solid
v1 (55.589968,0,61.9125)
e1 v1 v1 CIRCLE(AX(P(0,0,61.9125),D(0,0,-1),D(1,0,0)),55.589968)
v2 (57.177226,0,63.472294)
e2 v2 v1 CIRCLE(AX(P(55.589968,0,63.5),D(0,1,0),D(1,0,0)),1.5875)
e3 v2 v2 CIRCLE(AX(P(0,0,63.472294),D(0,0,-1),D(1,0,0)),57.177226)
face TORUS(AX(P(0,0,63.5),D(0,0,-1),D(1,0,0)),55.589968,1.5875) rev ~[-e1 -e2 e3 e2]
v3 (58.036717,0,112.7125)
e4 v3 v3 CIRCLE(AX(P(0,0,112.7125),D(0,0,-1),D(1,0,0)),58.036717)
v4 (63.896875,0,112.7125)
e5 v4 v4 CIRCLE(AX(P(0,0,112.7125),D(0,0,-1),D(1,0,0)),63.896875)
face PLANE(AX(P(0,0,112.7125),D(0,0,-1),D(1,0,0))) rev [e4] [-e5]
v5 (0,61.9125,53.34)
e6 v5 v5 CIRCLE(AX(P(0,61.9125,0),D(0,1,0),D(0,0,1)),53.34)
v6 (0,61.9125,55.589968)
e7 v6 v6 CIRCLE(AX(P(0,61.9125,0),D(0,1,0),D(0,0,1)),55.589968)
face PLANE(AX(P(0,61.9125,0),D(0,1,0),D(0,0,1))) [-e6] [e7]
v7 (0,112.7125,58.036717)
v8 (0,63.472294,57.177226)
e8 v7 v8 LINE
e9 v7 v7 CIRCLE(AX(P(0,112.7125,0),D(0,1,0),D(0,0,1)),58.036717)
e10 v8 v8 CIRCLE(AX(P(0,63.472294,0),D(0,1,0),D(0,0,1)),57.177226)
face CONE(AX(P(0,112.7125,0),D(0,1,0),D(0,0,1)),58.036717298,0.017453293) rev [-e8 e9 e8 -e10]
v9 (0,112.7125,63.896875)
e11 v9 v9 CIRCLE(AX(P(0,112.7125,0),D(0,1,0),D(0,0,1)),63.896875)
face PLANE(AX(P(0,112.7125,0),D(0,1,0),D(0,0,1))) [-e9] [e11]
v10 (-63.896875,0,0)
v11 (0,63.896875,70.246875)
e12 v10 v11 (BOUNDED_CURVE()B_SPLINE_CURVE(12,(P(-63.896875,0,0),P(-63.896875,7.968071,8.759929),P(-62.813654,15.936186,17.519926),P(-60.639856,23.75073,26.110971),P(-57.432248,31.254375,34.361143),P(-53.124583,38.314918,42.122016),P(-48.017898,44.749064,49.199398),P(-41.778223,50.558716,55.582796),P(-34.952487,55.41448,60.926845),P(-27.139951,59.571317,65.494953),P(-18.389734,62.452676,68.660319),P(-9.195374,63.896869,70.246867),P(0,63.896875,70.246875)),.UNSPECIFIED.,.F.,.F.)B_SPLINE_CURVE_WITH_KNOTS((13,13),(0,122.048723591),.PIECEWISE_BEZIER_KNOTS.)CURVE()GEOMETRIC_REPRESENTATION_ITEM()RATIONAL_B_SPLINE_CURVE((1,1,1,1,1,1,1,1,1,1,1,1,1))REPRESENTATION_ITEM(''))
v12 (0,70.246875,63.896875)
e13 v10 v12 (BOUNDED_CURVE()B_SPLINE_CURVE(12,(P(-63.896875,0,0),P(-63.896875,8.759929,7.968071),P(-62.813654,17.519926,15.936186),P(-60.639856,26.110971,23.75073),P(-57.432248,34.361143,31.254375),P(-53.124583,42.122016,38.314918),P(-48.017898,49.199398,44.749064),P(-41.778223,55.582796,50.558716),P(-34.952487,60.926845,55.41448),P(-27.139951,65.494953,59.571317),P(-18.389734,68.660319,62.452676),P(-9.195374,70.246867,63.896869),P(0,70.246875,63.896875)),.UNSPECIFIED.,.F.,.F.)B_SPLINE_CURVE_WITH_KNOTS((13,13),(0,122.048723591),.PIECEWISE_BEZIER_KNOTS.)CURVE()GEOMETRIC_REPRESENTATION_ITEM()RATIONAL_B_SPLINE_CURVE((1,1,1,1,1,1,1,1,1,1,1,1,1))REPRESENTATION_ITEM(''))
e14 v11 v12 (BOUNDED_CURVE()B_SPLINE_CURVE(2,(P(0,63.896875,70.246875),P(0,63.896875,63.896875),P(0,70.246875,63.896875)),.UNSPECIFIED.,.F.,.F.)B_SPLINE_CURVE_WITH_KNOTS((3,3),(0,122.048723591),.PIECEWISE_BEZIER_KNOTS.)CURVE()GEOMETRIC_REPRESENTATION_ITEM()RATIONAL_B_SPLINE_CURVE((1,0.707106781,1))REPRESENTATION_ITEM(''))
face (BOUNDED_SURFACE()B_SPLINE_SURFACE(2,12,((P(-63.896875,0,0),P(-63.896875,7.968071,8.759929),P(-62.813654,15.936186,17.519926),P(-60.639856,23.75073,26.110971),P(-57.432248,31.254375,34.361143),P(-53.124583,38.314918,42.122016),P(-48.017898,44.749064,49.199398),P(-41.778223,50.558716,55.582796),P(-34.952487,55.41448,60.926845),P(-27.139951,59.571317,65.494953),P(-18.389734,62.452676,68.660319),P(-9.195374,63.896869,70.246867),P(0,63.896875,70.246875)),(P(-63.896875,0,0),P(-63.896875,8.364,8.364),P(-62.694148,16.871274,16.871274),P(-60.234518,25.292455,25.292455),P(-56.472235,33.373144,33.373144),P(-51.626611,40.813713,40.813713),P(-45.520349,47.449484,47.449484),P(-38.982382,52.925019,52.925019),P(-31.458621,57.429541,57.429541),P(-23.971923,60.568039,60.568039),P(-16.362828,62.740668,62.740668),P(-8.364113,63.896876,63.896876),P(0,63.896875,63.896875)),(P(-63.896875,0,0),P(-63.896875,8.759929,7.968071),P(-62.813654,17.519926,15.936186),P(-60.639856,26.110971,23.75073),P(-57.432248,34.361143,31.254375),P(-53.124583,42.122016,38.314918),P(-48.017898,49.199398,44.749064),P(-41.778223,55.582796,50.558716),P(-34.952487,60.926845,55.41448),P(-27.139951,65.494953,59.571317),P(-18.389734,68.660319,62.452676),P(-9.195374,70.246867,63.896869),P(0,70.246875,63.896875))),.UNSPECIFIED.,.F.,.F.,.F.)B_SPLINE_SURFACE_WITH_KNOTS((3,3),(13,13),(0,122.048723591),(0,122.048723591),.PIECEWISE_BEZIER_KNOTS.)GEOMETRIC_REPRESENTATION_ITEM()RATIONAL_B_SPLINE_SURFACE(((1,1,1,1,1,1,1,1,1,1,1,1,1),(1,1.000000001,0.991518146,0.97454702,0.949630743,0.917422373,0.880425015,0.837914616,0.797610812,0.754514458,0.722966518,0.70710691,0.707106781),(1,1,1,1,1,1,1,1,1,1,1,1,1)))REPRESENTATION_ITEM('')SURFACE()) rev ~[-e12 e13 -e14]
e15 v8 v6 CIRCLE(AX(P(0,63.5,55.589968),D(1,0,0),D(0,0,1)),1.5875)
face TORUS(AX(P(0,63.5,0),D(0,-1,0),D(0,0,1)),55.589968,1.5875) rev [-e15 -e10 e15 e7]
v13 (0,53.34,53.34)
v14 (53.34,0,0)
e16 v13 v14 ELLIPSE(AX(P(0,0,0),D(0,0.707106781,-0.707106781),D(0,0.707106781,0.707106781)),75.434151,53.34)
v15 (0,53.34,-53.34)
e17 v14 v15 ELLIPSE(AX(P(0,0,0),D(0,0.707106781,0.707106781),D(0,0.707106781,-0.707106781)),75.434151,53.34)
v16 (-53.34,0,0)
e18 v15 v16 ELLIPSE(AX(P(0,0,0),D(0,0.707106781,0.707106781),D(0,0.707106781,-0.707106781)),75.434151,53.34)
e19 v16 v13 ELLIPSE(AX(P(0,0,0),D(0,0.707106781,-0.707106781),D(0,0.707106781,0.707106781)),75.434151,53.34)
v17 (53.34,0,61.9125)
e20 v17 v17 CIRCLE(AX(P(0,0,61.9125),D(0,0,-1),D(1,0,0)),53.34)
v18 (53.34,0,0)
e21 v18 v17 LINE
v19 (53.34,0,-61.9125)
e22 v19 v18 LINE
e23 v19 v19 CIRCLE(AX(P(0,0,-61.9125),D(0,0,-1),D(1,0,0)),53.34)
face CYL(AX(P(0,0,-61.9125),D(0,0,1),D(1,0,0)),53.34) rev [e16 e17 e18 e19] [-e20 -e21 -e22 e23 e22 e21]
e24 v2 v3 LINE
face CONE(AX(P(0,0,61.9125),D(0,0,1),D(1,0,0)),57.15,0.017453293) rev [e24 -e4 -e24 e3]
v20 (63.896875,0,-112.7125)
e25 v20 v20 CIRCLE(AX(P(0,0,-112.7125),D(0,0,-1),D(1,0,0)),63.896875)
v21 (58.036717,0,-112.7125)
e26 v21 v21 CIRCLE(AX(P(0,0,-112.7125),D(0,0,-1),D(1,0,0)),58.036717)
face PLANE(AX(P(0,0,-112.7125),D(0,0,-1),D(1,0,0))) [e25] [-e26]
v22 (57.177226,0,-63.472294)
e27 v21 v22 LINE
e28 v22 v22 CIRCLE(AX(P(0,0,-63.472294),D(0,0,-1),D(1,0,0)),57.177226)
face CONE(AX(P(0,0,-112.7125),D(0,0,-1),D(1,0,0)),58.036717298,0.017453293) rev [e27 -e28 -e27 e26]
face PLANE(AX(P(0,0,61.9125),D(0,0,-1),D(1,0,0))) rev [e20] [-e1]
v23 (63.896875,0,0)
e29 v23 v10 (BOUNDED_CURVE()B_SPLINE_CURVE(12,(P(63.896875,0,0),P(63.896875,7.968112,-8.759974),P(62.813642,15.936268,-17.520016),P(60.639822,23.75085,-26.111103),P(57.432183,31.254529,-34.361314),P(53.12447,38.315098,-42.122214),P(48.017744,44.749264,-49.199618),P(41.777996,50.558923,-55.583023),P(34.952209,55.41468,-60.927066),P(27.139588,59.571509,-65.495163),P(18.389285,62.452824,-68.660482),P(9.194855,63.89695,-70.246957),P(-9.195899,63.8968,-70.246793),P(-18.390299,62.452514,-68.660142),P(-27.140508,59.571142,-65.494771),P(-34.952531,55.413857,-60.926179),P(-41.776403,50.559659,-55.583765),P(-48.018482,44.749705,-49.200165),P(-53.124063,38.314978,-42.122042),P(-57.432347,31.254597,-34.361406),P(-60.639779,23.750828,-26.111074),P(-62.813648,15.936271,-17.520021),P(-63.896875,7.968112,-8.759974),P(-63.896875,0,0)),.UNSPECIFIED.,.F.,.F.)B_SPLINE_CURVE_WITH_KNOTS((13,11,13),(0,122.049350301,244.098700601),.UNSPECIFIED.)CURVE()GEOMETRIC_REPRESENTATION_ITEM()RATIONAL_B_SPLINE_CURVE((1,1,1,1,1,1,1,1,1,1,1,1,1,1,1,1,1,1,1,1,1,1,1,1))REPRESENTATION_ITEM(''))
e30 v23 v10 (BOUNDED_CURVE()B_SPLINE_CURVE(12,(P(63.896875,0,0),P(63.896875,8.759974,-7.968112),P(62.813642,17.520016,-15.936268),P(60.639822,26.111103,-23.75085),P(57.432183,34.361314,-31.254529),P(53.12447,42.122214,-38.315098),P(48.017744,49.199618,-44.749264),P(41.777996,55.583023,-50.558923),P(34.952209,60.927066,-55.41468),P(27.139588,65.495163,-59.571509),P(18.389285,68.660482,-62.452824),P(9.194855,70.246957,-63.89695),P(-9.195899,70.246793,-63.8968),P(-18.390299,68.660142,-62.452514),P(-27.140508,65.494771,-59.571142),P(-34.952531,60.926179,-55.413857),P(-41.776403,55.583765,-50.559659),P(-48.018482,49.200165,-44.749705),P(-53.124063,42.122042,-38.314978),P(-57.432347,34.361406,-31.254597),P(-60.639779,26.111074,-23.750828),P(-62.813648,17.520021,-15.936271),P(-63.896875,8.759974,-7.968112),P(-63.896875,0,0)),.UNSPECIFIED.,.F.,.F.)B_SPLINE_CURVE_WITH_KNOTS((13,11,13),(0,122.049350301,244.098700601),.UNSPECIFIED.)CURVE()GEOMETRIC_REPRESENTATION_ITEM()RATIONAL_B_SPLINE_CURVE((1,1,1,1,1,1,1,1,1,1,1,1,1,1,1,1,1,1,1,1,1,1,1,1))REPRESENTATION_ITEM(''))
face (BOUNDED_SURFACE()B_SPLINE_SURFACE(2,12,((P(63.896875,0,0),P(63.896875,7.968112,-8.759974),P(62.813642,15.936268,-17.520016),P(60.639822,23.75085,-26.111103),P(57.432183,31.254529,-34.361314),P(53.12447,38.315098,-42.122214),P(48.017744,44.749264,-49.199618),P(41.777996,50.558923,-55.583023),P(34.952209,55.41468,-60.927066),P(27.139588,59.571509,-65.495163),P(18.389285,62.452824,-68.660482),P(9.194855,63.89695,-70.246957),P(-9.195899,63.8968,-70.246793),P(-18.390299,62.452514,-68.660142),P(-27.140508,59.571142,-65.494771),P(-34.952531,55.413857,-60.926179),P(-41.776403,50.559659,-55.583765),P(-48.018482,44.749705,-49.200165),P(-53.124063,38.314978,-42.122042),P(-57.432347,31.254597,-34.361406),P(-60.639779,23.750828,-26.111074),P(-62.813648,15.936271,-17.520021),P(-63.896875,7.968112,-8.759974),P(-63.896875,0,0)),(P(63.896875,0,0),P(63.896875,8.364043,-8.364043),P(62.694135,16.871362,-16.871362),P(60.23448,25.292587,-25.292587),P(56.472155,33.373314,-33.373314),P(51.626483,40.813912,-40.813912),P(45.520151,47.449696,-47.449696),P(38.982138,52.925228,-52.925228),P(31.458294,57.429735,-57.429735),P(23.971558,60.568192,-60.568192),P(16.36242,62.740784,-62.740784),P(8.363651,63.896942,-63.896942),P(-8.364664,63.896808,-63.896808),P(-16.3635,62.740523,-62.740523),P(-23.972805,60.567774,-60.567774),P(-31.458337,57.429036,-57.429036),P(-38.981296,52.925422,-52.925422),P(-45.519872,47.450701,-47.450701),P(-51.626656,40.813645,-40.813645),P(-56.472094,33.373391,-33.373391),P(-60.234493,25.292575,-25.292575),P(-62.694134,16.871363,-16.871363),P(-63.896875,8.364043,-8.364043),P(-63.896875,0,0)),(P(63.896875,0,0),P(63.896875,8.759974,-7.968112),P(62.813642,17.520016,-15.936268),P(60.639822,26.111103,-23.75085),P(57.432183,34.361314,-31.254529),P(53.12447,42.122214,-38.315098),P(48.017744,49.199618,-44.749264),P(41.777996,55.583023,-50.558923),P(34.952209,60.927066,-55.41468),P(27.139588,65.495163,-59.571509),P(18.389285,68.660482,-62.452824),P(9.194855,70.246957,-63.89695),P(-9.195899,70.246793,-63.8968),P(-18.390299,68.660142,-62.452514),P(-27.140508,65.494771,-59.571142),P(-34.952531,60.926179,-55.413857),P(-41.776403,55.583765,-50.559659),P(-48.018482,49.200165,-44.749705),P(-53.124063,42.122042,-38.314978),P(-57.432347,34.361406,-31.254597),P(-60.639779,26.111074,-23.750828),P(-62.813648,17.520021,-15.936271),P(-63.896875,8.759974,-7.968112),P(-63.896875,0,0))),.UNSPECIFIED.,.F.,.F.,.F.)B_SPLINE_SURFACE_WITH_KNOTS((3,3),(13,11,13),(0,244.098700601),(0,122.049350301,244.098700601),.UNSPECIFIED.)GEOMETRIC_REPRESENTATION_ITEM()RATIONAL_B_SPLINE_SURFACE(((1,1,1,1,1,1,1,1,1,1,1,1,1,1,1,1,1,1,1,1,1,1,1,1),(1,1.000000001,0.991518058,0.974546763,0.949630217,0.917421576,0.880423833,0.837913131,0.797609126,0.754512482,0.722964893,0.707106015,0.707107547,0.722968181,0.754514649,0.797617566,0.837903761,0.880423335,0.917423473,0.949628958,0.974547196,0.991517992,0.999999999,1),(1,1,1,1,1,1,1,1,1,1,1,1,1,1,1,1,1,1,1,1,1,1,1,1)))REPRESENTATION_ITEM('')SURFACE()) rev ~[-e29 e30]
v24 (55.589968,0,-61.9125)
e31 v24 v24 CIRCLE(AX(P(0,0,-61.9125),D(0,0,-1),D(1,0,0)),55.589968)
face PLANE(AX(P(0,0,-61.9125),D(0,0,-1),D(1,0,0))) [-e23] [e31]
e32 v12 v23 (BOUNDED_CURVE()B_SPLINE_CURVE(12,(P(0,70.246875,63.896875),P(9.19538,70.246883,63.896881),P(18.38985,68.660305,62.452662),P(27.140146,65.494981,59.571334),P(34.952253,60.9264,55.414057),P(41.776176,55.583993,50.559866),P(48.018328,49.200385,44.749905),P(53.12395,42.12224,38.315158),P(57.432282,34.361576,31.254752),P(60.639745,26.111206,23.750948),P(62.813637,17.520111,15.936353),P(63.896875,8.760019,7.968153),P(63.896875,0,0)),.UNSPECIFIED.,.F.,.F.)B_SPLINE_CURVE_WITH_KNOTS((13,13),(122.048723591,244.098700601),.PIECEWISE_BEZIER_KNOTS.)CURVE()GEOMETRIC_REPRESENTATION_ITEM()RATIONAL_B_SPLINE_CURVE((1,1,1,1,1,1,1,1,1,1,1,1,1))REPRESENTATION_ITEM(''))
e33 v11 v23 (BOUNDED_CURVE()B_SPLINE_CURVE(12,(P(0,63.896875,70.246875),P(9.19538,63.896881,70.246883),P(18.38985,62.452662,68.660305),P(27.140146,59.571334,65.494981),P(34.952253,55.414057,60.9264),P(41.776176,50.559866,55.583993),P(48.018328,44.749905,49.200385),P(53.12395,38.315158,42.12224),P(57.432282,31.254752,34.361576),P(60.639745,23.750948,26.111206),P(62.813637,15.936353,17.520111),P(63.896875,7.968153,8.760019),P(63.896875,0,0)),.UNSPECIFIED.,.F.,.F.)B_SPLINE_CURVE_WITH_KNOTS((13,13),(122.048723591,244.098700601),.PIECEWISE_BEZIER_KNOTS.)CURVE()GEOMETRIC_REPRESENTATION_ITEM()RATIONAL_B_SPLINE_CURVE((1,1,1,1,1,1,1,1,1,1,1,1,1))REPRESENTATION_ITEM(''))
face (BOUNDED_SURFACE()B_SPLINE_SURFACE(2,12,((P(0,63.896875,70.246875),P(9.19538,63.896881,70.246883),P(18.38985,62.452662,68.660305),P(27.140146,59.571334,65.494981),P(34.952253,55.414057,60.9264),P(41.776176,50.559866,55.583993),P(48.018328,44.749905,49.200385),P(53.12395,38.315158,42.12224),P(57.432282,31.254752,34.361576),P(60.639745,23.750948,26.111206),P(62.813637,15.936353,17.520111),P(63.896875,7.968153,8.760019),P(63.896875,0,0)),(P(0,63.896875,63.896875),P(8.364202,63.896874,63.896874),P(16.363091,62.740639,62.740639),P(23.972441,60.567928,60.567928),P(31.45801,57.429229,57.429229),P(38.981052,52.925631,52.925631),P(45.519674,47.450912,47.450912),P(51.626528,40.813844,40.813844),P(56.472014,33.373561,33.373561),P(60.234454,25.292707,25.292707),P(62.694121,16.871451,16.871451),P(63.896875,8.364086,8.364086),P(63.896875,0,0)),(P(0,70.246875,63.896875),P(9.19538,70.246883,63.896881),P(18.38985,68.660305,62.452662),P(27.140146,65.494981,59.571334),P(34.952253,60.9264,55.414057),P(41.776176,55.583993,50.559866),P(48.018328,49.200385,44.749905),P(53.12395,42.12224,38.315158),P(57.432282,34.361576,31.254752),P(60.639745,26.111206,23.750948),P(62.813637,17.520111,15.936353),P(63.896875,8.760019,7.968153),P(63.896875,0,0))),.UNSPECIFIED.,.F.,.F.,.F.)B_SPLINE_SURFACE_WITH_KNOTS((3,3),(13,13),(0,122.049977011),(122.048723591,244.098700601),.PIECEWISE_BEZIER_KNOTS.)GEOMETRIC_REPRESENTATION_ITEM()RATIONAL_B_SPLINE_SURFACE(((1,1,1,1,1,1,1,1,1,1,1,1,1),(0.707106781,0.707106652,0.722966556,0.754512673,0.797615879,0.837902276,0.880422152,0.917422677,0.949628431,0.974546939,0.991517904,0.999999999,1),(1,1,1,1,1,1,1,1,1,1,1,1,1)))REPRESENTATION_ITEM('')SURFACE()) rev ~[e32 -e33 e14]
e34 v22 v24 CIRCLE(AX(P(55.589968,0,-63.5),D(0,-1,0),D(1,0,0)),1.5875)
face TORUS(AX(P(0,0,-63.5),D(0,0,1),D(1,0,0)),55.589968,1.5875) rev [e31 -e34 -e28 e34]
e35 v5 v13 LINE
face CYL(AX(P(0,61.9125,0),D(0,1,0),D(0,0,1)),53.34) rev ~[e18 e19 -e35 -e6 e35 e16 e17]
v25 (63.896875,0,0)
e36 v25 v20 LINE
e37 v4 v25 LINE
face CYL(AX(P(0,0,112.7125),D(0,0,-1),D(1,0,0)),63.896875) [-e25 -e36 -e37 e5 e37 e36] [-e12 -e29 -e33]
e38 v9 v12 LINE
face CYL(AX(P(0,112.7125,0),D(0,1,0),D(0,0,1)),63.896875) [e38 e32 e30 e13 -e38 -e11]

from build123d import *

# Parameters (mm, degrees)
BOSS_EXTRUDE1_REACH      = 178.609
BOSS_EXTRUDE1_END_RADIUS = 63.896875
SKETCH2_R                = 63.896875
CUT_EXTRUDE1_REACH       = 127.809
CUT_EXTRUDE1_END_RADIUS  = 53.34
SKETCH4_R                = 53.34
FILLET1_R                = 1.5875
FILLET2_R                = 6.35


with BuildPart() as part:
    # Sketch1 → Revolve1 (revolve)
    with BuildSketch(Plane(origin=(0, 0, 0), x_dir=(0, 0, -1), z_dir=(1, 0, 0)), mode=Mode.PRIVATE) as revolve1_sk:
        Polygon((-112.7125, 63.896875), (112.7125, 63.896875), (112.7125, 58.036717298), (61.9125, 57.15), (61.9125, 53.34), (-61.9125, 53.34), (-61.9125, 57.15), (-112.7125, 58.036717298), align=None)
    revolve(revolve1_sk.sketch.rotate(Axis((0, 0, 168.705111385), (0, 0, -1)), 90), axis=Axis((0, 0, 168.705111385), (0, 0, -1)))  # turned: the seam where the file's is

    # Boss-Extrude1: up to this cylinder (the profile starts outside it)
    boss_extrude1_end = Plane(origin=(0, 0, 0), z_dir=(0, 0, 1)) * Cylinder(BOSS_EXTRUDE1_END_RADIUS, 486.01175, mode=Mode.PRIVATE)
    # Sketch2 → Boss-Extrude1 (add, up to the surface)
    with BuildSketch(Plane(origin=(0, 112.7125, 0), x_dir=(1, 0, 0), z_dir=(0, 1, 0)), mode=Mode.PRIVATE) as boss_extrude1_sk1:
        with Locations(Location((0, 0, 0), (0, 0, 270))):  # turned: the seam where the file's is
            Circle(SKETCH2_R)
    boss_extrude1_tool1 = extrude(boss_extrude1_sk1.sketch, amount=-BOSS_EXTRUDE1_REACH, mode=Mode.PRIVATE) - boss_extrude1_end
    add(boss_extrude1_tool1.solids().sort_by_distance((0, 112.7125, 0))[0])

    # Sketch3 → Cut-Revolve1 (revolve, cut)
    with BuildSketch(Plane(origin=(0, 0, 0), x_dir=(0, 0, -1), z_dir=(1, 0, 0))):
        Polygon((-58.036717298, 112.7125), (-57.15, 61.9125), (0, 61.9125), (0, 112.7125), align=None)
    revolve(axis=Axis((0, 0, 0), (0, 1, 0)), mode=Mode.SUBTRACT)

    # Cut-Extrude1: up to this cylinder (the profile starts outside it)
    cut_extrude1_end = Plane(origin=(0, 0, 0), z_dir=(0, 0, 1)) * Cylinder(CUT_EXTRUDE1_END_RADIUS, 363.298, mode=Mode.PRIVATE)
    # Sketch4 → Cut-Extrude1 (cut, up to the surface)
    with BuildSketch(Plane(origin=(0, 61.9125, 0), x_dir=(1, 0, 0), z_dir=(0, 1, 0)), mode=Mode.PRIVATE) as cut_extrude1_sk1:
        with Locations(Location((0, 0, 0), (0, 0, 270))):  # turned: the seam where the file's is
            Circle(SKETCH4_R)
    cut_extrude1_tool1 = extrude(cut_extrude1_sk1.sketch, amount=-CUT_EXTRUDE1_REACH, mode=Mode.PRIVATE) - cut_extrude1_end
    add(cut_extrude1_tool1.solids().sort_by_distance((0, 61.9125, 0))[0], mode=Mode.SUBTRACT)

    # Fillet1
    fillet1_edges = [part.edges().sort_by_distance(p)[0] for p in [
        (0, 61.9125, -57.15),
        (-57.15, 0, 61.9125),
        (-57.15, 0, -61.9125),
    ]]
    fillet(fillet1_edges, radius=FILLET1_R)

    # Fillet2
    fillet2_edges = [part.edges().sort_by_distance(p)[0] for p in [
        (48.772230172, 41.280506281, 41.280506281),
        (-48.772230172, 41.280506281, -41.280506281),
    ]]
    fillet(fillet2_edges, radius=FILLET2_R)


solid = part.part
